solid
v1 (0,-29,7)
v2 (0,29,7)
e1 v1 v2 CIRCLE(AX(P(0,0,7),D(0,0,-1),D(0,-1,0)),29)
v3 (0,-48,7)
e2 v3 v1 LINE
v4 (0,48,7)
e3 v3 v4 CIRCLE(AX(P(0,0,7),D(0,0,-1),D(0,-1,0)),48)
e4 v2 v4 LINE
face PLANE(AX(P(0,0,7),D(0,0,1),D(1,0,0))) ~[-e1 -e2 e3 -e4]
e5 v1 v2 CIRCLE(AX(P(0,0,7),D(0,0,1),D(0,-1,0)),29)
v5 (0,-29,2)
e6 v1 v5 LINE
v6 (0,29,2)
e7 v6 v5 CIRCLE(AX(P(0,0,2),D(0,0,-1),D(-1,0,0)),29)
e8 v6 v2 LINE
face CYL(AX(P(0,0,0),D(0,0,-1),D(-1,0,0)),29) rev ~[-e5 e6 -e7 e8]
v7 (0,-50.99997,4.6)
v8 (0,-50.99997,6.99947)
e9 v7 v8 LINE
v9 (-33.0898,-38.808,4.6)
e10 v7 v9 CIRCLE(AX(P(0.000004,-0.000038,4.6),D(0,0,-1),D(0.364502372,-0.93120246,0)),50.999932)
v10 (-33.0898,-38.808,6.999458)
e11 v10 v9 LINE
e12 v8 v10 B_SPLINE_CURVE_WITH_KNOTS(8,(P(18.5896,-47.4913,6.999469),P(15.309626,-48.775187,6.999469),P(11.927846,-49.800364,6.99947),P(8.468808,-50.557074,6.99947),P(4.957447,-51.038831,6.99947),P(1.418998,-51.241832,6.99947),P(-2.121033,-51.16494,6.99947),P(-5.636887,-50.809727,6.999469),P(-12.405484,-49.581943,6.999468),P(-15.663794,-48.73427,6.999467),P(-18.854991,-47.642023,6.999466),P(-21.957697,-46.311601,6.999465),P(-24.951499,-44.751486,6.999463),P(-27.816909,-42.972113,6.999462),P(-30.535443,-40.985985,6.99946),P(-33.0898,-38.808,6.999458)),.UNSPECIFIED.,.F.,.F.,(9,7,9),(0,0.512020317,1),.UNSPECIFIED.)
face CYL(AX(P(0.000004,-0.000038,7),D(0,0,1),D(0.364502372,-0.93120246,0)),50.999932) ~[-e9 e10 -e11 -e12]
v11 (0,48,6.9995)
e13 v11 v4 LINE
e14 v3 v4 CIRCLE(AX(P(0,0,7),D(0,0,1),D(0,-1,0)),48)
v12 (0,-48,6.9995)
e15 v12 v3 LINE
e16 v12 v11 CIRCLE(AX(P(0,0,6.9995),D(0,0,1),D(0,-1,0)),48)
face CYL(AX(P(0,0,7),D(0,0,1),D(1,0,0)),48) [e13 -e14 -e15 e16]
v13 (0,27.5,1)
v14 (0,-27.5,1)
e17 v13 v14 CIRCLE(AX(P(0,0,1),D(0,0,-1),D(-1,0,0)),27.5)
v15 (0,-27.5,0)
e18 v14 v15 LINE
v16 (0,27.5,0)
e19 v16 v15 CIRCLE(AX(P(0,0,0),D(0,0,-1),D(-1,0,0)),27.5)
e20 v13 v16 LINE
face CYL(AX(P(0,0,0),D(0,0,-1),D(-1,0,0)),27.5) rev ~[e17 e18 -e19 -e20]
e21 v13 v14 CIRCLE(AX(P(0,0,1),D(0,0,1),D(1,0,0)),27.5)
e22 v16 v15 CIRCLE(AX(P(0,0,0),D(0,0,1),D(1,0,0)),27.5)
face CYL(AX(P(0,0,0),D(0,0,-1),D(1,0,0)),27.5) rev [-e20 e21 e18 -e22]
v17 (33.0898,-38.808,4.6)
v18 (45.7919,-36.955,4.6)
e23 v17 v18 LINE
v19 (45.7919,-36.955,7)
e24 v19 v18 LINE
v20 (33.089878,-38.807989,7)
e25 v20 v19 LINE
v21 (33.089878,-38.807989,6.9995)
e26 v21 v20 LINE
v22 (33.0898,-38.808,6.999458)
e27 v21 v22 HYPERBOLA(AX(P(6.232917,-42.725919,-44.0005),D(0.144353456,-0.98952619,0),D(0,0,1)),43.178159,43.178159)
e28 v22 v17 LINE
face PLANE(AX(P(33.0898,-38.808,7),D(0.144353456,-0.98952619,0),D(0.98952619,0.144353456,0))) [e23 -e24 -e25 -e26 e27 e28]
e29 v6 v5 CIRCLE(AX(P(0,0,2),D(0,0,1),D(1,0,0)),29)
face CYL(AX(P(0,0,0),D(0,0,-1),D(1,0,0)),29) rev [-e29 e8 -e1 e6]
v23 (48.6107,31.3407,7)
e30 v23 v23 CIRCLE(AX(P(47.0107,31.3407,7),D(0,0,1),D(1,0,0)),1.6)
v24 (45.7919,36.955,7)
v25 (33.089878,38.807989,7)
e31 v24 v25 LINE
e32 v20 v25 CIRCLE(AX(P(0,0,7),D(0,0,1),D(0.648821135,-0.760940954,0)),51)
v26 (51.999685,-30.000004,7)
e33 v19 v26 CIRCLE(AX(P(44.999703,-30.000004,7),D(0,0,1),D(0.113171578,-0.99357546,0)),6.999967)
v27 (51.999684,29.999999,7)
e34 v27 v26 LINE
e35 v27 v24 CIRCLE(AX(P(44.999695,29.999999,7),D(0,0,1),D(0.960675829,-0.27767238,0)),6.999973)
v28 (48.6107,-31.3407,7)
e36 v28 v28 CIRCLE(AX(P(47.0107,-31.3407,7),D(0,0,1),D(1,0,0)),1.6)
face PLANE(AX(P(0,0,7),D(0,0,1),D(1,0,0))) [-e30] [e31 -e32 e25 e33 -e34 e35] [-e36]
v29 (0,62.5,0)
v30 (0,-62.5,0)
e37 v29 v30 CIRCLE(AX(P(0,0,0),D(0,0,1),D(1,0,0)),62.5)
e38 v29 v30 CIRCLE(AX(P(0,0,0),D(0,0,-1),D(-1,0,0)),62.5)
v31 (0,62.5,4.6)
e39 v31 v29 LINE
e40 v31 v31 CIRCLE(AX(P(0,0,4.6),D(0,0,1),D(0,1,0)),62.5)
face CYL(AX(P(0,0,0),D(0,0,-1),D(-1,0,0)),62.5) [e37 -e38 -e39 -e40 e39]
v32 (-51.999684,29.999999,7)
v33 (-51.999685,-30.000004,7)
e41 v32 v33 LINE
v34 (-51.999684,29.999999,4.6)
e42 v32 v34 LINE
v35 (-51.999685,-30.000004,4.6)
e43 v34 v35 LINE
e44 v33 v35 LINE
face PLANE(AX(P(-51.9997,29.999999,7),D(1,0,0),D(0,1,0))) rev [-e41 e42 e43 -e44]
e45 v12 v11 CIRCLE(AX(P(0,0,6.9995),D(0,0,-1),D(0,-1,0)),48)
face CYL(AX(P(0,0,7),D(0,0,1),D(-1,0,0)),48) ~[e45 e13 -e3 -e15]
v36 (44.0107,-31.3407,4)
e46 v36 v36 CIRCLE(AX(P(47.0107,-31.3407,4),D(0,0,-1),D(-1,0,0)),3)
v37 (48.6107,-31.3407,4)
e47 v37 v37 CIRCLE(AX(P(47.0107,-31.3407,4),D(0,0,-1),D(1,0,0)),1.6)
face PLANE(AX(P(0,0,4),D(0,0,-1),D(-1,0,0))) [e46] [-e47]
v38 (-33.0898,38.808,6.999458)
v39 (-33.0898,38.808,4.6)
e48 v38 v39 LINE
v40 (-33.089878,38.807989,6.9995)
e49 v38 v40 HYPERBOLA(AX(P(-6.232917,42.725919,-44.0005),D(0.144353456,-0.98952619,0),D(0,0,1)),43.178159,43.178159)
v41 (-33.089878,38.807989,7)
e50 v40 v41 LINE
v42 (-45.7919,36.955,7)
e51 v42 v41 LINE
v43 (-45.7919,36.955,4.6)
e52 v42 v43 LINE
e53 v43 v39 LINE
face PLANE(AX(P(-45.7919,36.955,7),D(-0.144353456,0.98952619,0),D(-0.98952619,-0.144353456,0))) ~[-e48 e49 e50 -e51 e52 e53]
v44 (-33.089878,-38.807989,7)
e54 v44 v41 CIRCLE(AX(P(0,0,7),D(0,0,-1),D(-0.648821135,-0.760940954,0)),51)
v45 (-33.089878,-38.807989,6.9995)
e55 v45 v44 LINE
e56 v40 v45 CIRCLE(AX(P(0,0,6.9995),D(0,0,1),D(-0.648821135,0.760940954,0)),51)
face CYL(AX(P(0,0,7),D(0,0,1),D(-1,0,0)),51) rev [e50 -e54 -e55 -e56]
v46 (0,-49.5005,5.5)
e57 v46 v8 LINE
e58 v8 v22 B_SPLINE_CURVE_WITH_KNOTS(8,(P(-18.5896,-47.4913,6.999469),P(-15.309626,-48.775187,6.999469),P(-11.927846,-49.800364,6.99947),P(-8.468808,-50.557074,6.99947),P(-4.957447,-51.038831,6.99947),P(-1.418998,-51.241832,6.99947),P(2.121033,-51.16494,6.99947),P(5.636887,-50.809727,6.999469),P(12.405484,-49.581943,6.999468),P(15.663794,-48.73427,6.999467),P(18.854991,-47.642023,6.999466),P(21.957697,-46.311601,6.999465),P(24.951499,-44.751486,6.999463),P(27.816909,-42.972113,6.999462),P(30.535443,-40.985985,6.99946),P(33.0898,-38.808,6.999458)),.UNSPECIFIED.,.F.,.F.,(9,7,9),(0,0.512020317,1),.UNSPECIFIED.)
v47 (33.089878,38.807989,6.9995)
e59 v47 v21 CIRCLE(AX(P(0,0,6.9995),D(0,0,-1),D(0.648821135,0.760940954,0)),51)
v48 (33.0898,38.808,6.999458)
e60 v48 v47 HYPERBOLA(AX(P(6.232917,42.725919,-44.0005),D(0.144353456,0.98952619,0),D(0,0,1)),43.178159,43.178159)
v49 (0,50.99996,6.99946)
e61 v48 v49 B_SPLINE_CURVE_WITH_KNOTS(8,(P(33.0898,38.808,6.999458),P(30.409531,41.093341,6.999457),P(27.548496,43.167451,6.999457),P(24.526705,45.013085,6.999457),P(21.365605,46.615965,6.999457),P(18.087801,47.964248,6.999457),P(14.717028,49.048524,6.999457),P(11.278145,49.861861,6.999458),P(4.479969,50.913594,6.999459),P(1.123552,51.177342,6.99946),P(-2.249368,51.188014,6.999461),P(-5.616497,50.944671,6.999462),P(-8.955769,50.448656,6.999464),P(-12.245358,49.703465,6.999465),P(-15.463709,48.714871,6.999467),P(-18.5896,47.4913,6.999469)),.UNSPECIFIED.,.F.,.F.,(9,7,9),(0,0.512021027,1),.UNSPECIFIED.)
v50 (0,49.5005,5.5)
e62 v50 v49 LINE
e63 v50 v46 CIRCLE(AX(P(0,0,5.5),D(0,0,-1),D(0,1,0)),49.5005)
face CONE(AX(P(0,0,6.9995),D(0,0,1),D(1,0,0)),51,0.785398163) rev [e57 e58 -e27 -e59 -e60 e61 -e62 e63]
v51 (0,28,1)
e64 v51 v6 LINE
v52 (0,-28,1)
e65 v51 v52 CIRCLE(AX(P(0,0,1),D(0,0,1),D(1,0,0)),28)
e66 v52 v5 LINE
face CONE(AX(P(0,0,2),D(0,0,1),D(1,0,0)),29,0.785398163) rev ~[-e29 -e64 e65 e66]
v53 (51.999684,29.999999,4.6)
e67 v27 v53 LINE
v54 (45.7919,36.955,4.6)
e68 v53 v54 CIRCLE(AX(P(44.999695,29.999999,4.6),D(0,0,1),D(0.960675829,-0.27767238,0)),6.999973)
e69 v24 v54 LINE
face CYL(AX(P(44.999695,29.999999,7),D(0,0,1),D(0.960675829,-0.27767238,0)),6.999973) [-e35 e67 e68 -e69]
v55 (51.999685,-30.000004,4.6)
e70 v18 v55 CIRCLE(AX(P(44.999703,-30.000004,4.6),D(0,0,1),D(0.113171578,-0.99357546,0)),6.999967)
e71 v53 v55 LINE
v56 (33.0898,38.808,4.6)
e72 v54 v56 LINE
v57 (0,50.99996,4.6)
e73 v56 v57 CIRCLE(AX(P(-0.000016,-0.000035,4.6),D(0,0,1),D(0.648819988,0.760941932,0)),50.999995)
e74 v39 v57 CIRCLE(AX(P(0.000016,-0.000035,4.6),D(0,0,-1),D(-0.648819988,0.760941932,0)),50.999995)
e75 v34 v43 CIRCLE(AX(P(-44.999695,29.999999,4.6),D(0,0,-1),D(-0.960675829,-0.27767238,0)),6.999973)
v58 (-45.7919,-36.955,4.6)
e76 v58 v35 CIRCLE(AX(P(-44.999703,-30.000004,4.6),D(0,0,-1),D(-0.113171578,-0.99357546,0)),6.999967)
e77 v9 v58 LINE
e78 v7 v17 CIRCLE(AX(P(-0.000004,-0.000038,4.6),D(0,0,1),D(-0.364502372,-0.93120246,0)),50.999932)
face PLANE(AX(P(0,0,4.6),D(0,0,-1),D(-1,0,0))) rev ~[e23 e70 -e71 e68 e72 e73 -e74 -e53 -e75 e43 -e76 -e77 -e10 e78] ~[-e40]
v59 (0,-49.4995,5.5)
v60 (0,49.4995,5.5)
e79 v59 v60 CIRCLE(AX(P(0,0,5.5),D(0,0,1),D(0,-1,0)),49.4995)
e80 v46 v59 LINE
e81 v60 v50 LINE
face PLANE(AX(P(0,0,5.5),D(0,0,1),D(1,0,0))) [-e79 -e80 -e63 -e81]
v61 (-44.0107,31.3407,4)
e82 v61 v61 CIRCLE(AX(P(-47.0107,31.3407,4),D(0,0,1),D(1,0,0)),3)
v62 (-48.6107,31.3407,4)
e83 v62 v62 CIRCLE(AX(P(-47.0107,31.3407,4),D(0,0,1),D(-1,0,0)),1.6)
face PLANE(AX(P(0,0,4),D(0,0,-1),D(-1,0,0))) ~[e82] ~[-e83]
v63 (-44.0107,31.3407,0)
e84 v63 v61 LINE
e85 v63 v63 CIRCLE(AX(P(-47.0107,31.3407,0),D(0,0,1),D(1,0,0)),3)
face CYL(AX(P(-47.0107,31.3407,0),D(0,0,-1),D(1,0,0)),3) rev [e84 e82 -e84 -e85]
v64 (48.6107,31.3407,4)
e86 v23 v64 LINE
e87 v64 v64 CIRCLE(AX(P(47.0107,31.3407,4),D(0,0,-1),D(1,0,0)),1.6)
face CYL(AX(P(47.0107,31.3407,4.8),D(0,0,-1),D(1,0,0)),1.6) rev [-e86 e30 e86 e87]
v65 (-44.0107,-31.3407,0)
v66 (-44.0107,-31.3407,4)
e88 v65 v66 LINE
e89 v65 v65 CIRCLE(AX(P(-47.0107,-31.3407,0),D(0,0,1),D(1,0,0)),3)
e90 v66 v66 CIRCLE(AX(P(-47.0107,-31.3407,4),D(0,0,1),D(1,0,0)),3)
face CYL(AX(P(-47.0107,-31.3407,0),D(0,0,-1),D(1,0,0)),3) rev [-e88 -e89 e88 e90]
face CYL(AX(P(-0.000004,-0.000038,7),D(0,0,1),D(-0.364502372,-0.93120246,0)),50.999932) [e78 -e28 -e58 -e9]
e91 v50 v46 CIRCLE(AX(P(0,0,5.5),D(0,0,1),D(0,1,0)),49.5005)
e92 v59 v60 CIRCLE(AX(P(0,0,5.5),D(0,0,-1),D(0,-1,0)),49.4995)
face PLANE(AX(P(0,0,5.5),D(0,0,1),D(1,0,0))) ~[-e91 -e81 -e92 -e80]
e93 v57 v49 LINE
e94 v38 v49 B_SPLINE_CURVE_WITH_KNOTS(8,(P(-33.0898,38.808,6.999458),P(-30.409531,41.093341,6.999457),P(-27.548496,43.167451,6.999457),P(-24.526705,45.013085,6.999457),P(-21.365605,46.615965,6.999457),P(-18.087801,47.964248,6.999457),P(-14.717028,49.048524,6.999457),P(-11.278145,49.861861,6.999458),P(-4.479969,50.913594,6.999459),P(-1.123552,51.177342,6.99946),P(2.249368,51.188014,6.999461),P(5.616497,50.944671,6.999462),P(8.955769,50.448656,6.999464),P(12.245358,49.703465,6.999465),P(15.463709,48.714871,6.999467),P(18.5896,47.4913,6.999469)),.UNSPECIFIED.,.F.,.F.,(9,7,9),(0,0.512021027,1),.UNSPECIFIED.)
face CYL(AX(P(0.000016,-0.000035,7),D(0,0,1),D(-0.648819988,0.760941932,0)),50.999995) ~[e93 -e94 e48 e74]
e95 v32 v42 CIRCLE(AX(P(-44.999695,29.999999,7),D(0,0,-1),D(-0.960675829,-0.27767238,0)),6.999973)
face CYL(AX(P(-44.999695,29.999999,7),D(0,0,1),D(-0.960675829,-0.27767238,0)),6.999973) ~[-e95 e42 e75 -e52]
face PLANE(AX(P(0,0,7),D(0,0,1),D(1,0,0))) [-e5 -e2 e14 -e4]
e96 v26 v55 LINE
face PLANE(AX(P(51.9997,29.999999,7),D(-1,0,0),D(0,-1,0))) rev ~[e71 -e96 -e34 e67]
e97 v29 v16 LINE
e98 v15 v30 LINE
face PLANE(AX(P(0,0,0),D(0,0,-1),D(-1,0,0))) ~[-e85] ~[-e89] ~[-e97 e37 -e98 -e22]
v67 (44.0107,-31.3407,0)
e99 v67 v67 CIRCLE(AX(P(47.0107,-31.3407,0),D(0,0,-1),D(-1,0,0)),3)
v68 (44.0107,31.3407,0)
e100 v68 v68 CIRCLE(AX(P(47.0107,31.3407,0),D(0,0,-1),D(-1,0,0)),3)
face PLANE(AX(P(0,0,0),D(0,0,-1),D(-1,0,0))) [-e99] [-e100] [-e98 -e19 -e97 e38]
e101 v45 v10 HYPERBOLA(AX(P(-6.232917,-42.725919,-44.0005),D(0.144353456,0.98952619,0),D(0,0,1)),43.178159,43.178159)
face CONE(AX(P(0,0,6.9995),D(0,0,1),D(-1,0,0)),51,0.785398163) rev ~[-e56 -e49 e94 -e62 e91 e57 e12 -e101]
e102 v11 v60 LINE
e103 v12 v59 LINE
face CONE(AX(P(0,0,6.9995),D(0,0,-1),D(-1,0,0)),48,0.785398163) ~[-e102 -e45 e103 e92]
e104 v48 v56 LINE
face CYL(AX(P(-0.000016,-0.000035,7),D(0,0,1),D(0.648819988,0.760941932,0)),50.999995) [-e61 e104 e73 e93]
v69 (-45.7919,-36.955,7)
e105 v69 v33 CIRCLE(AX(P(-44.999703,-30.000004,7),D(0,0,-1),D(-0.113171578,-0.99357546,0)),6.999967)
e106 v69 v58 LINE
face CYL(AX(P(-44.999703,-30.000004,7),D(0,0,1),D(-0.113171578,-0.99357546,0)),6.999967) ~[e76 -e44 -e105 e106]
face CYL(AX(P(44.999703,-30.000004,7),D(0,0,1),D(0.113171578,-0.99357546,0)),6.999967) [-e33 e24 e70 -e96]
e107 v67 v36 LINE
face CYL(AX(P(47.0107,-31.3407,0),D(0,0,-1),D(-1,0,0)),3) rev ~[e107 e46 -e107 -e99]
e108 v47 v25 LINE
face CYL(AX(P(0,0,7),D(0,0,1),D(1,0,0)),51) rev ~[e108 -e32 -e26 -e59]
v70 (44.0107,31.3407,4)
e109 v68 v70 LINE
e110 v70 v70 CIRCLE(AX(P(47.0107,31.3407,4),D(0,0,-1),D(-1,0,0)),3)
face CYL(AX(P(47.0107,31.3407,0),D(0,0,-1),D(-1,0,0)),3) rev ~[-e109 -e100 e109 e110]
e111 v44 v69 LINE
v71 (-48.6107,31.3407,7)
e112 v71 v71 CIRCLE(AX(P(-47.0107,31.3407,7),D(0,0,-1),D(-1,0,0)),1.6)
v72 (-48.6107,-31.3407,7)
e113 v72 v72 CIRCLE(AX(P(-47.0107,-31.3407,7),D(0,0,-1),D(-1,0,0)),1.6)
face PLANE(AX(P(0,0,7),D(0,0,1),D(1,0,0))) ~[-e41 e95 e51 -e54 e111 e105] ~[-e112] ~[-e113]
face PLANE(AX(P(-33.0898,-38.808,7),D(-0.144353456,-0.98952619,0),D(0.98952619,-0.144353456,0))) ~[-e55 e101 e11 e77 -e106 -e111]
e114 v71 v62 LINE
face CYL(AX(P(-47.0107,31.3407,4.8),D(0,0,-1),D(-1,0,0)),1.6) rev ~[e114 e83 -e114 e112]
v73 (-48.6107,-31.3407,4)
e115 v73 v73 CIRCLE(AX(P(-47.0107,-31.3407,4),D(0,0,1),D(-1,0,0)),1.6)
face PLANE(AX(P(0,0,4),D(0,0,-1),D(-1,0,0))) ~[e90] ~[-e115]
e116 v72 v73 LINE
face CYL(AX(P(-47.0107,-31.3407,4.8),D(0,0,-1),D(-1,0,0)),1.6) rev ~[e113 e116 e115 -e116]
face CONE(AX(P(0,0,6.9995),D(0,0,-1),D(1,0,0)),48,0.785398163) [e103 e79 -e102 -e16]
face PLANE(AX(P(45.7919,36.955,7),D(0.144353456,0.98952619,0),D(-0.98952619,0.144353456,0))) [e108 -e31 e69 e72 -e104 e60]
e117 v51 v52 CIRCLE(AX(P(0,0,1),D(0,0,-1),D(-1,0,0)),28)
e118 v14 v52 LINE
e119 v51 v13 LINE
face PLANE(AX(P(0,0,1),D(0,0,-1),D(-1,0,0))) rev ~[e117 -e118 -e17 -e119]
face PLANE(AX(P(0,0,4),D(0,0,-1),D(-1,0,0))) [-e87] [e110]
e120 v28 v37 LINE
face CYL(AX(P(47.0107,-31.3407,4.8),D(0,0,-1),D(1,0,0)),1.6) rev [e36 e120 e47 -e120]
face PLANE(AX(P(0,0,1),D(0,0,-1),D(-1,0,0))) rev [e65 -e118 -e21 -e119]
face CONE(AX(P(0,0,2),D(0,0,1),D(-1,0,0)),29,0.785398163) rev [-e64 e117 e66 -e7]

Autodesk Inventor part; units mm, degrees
ref_plane "YZ Plane" through (0, 0, 0) normal (1, 0, 0) x (0, 1, 0)
ref_plane "XZ Plane" through (0, 0, 0) normal (0, 1, 0) x (-1, 0, 0)
ref_plane "XY Plane" through (0, 0, 0) normal (0, 0, 1) x (1, 0, 0)
sketch "Sketch1" plane through (0, 0, 0) normal (0, 0, 1) x (1, 0, 0)
  circle A0 centre (-47.0107, -31.3407) radius 4.8
  arc A1 (51.632, -32.6385) -> (49.9861, -35.1073) centre (47.0107, -31.3407) ccw
  arc A2 (51.632, -32.6385) -> (51.632, 32.6385) centre (0, 0) ccw
  arc A3 (49.9861, 35.1073) -> (51.632, 32.6385) centre (47.0107, 31.3407) ccw
  arc A4 (49.9861, 35.1073) -> (-42.369, 44) centre (0, 0) ccw
  line L0 (-42.369, 44) -> (-62, 44)
  line L1 (-62, 44) -> (-64, 42)
  line L2 (-64, 42) -> (-64, 0.1)
  arc A5 (0, -61.083) -> (49.9861, -35.1073) centre (0, 0) ccw
  circle A6 centre (0, 0) radius 48
  circle A7 centre (-58, 38) radius 3.825
  circle A8 centre (-47.0107, 31.3407) radius 4.8
  line L3 (0, 0) -> (-74.8823, 0)
  circle A9 centre (-58, -38) radius 3.825
  line L4 (-42.369, -44) -> (-62, -44)
  arc A10 (-42.369, -44) -> (49.9861, -35.1073) centre (0, 0) ccw
  line L5 (-62, -44) -> (-64, -42)
  line L6 (-64, -42) -> (-64, 0.1)
extrude "Extrusion1" add sketch "Sketch1" along normal blind 4.8
sketch "Sketch5" plane through (0, 0, 4.8) normal (0, 0, 1) x (1, 0, 0)
  circle A0 centre (0, 0) radius 48 projected
  circle A1 centre (-47.0107, 31.3407) radius 4.8 projected
  circle A2 centre (0, 0) radius 61.5
  arc A3 (49.9861, 35.1073) -> (51.632, 32.6385) centre (47.0107, 31.3407) ccw projected
  circle A4 centre (47.0107, 31.3407) radius 1.6
  arc A5 (51.632, -32.6385) -> (49.9861, -35.1073) centre (47.0107, -31.3407) ccw projected
  circle A6 centre (47.0107, -31.3407) radius 1.6
  circle A7 centre (-47.0107, -31.3407) radius 4.8 projected
  circle A8 centre (-47.0107, -31.3407) radius 1.6
  circle A9 centre (-47.0107, 31.3407) radius 4.8 projected
  circle A10 centre (-47.0107, 31.3407) radius 1.6
  dimension "d14" = 123
  dimension "d41" = 3.2
  dimension "d42" = 3.2
  dimension "d43" = 3.2
  dimension "d44" = 3.2
extrude "Extrusion5" add sketch "Sketch5" against normal up to surface (4.8 mm away) contours A1 | A2 | A7
sketch "Sketch8" plane through (0, 0, 0) normal (0, 0, -1) x (-1, 0, 0)
  circle A0 centre (0, 0) radius 48 projected
  circle A1 centre (0, 0) radius 29
  dimension "d30" = 58
extrude "Extrusion8" add sketch "Sketch8" against normal up to surface (4.8 mm away)
sketch "Sketch9" plane through (0, 0, 0) normal (0, 0, -1) x (-1, 0, 0)
  circle A0 centre (0, 0) radius 29 projected
  circle A1 centre (0, 0) radius 27.5
  dimension "d33" = 1.5
extrude "Extrusion9" add sketch "Sketch9" against normal blind 1
chamfer "Chamfer3" distance 1 angle 45 1 edges at (29, 0, 1)
sketch "Sketch10" plane through (0, 0, 4.8) normal (0, 0, 1) x (1, 0, 0)
  circle A0 centre (0, 0) radius 29 projected
  circle A1 centre (-58, 38) radius 3.825 projected
  arc A2 (-42.968, -44) -> (-42.968, 44) centre (0, 0) ccw projected
  line L0 (-42.968, 44) -> (-62, 44) projected
  line L1 (-62, 44) -> (-64, 42) projected
  line L2 (-64, 42) -> (-64, -42) projected
  circle A3 centre (47.0107, 31.3407) radius 1.6 projected
  circle A4 centre (47.0107, -31.3407) radius 1.6 projected
  circle A5 centre (-47.0107, -31.3407) radius 1.6 projected
  circle A6 centre (-47.0107, 31.3407) radius 1.6 projected
  line L3 (-64, -42) -> (-62, -44) projected
  line L4 (-62, -44) -> (-42.968, -44) projected
  circle A7 centre (-58, -38) radius 3.825 projected
extrude "Extrusion10" add sketch "Sketch10" along normal blind 2.2
sketch "Sketch11" plane through (0, 0, 0) normal (0, 0, -1) x (-1, 0, 0)
  circle A0 centre (-47.0107, -31.3407) radius 1.6 projected
  circle A1 centre (-47.0107, -31.3407) radius 3
  circle A2 centre (-47.0107, 31.3407) radius 1.6 projected
  circle A3 centre (-47.0107, 31.3407) radius 3
  circle A4 centre (47.0107, 31.3407) radius 1.6 projected
  circle A5 centre (47.0107, 31.3407) radius 3
  circle A6 centre (47.0107, -31.3407) radius 1.6 projected
  circle A7 centre (47.0107, -31.3407) radius 3
  point P0 (0, 0)
  dimension "d45" = 6
  dimension "d46" = 6
  dimension "d47" = 6
  dimension "d48" = 6
extrude "Extrusion11" cut sketch "Sketch11" against normal blind 4 contours A1 | A3 | A5 | A6 | A7
sketch "Sketch12" plane through (0, 0, 7) normal (0, 0, 1) x (1, 0, 0)
  circle A0 centre (0, 0) radius 48
  circle A1 centre (0, 0) radius 51
  dimension "d51" = 96
  dimension "d52" = 3
extrude "Extrusion12" cut sketch "Sketch12" against normal blind 1.5
chamfer "Chamfer4" distance 1.5 angle 45 2 edges at (-51, 0, 5.5) (-48, 0, 5.5)
sketch "Sketch17" plane through (0, 0, 7) normal (0, 0, 1) x (1, 0, 0)
  circle A0 centre (0, 0) radius 61.5
  circle A1 centre (0, 0) radius 96.3014
  point P0 (-42.968, 44)
extrude "Extrusion15" cut sketch "Sketch17" against normal through all
sketch "Sketch19" plane through (0, 0, 0) normal (0, 0, -1) x (-1, 0, 0)
  circle A0 centre (-47.0107, -31.3407) radius 3 projected
  line L0 (0, 0) -> (-47.0107, -31.3407)
  line L1 (-47.0107, -31.3407) -> (-60.1837, -40.1228)
  circle A1 centre (0, 0) radius 65
  circle A2 centre (0, 0) radius 61.5 projected
  circle A3 centre (-54.0831, -36.0557) radius 2.05
  circle A4 centre (-54.0831, -36.0557) radius 4
  line L2 (-54.8676, -39.978) -> (-36.9294, -43.5656)
  line L3 (-58.0055, -35.2712) -> (-54.4179, -17.333)
  point P0 (-44.9634, -41.9588)
  point P1 (-56.0247, -25.367)
  point P2 (-58.0055, -35.2712)
  dimension "d67" = 130
  dimension "d69" = 8
  dimension "d68" = 4.1
  dimension "d70" = 45
extrude "Extrusion16" add sketch "Sketch19" against normal up to surface (7 mm away) contours A2 A4 A1 A3 L1 | L1 A3 A1 A4 A2 | A2 L2 A1 A4 | A4 A1 L3 A2 | A4 L3 A1 | A1 A3 L1 A4 | L2 A4 A1 | A4 L1 A3 A1
sketch "Sketch20" plane through (0, 0, 7) normal (0, 0, 1) x (1, 0, 0)
  arc A0 (33.0898, 38.808) -> (-18.5896, 47.4913) centre (0, 0) ccw
  line L0 (45.7919, 36.955) -> (33.0898, 38.808)
  arc A1 (51.7244, 28.0563) -> (45.7919, 36.955) centre (44.9997, 30) ccw
  line L1 (48.5496, 15.6186) -> (51.7244, 28.0563)
  arc A2 (48.5496, -15.6186) -> (48.5496, 15.6186) centre (0, 0) ccw
  line L2 (51.7244, -28.0563) -> (48.5496, -15.6186)
  arc A3 (45.7919, -36.955) -> (51.7244, -28.0563) centre (44.9997, -30) ccw
  line L3 (33.0898, -38.808) -> (45.7919, -36.955)
  arc A4 (-18.5896, -47.4913) -> (33.0898, -38.808) centre (0, 0) ccw
  line L4 (-33.7876, -44) -> (-18.5896, -47.4913)
  line L5 (-62, -44) -> (-33.7876, -44)
  line L6 (-64, -42) -> (-62, -44)
  line L7 (-64, 42) -> (-64, -42)
  line L8 (-62, 44) -> (-64, 42)
  line L9 (-33.7876, 44) -> (-62, 44)
  line L10 (-18.5896, 47.4913) -> (-33.7876, 44)
  circle A5 centre (0, 0) radius 88.8325
extrude "Extrusion17" cut sketch "Sketch20" against normal blind 2.4
sketch "Sketch21" plane through (0, 0, 0) normal (0, 0, -1) x (-1, 0, 0)
  circle A0 centre (0, 0) radius 78.6238
  circle A1 centre (0, 0) radius 61.5
extrude "Extrusion18" cut sketch "Sketch21" against normal through all
sketch "Sketch22" plane through (0, 0, 0) normal (0, 0, -1) x (-1, 0, 0)
  circle A0 centre (0, 0) radius 61.5 projected
  circle A1 centre (0, 0) radius 27.5 projected
  circle A2 centre (0, 0) radius 62.5
  dimension "d77" = 1
extrude "Extrusion19" add sketch "Sketch22" against normal up to surface (4.6 mm away) contours A2
sketch "Sketch23" plane through (0, 0, 7) normal (0, 0, 1) x (1, 0, 0)
  circle A0 centre (47.0107, 31.3407) radius 1.6 projected
  line L0 (48.5496, 15.6186) -> (51.7244, 28.0563) projected
  arc A1 (51.7244, 28.0563) -> (45.7919, 36.955) centre (44.9997, 30) ccw projected
  line L1 (45.7919, 36.955) -> (33.0898, 38.808) projected
  arc A2 (48.5496, 15.6186) -> (33.0898, 38.808) centre (0, 0) ccw projected
  line L2 (51.7244, -28.0563) -> (48.5496, -15.6186) projected
  arc A3 (33.0898, -38.808) -> (48.5496, -15.6186) centre (0, 0) ccw projected
  line L3 (33.0898, -38.808) -> (45.7919, -36.955) projected
  arc A4 (45.7919, -36.955) -> (51.7244, -28.0563) centre (44.9997, -30) ccw projected
  circle A5 centre (47.0107, -31.3407) radius 1.6 projected
  arc A6 (48.5496, -15.6186) -> (48.5496, 15.6186) centre (0, 0) ccw projected
  line L4 (51.9997, 39.8529) -> (51.9997, -52.1761)
  point P0 (51.9997, -30)
  point P1 (51.9997, 30)
extrude "Extrusion20" add sketch "Sketch23" against normal up to surface (2.4 mm away) contours L0 A1 L4 A4 L2 A6
sketch "Sketch24" plane through (0, 0, 7) normal (0, 0, 1) x (1, 0, 0)
  line L0 (0, -84.8798) -> (-71.6508, -84.8798)
  line L1 (-71.6508, -84.8798) -> (-71.6508, 87.4797)
  line L2 (-71.6508, 87.4797) -> (0, 87.4797)
  line L3 (0, 87.4797) -> (0, -84.8798)
  point P0 (0, 0)
extrude "Extrusion21" cut sketch "Sketch24" along normal through all both and the other way through all
mirror "Mirror1" about plane through (0, -84.8798, 7) normal (-1, 0, 0)
properties part number "frame_rring2"
